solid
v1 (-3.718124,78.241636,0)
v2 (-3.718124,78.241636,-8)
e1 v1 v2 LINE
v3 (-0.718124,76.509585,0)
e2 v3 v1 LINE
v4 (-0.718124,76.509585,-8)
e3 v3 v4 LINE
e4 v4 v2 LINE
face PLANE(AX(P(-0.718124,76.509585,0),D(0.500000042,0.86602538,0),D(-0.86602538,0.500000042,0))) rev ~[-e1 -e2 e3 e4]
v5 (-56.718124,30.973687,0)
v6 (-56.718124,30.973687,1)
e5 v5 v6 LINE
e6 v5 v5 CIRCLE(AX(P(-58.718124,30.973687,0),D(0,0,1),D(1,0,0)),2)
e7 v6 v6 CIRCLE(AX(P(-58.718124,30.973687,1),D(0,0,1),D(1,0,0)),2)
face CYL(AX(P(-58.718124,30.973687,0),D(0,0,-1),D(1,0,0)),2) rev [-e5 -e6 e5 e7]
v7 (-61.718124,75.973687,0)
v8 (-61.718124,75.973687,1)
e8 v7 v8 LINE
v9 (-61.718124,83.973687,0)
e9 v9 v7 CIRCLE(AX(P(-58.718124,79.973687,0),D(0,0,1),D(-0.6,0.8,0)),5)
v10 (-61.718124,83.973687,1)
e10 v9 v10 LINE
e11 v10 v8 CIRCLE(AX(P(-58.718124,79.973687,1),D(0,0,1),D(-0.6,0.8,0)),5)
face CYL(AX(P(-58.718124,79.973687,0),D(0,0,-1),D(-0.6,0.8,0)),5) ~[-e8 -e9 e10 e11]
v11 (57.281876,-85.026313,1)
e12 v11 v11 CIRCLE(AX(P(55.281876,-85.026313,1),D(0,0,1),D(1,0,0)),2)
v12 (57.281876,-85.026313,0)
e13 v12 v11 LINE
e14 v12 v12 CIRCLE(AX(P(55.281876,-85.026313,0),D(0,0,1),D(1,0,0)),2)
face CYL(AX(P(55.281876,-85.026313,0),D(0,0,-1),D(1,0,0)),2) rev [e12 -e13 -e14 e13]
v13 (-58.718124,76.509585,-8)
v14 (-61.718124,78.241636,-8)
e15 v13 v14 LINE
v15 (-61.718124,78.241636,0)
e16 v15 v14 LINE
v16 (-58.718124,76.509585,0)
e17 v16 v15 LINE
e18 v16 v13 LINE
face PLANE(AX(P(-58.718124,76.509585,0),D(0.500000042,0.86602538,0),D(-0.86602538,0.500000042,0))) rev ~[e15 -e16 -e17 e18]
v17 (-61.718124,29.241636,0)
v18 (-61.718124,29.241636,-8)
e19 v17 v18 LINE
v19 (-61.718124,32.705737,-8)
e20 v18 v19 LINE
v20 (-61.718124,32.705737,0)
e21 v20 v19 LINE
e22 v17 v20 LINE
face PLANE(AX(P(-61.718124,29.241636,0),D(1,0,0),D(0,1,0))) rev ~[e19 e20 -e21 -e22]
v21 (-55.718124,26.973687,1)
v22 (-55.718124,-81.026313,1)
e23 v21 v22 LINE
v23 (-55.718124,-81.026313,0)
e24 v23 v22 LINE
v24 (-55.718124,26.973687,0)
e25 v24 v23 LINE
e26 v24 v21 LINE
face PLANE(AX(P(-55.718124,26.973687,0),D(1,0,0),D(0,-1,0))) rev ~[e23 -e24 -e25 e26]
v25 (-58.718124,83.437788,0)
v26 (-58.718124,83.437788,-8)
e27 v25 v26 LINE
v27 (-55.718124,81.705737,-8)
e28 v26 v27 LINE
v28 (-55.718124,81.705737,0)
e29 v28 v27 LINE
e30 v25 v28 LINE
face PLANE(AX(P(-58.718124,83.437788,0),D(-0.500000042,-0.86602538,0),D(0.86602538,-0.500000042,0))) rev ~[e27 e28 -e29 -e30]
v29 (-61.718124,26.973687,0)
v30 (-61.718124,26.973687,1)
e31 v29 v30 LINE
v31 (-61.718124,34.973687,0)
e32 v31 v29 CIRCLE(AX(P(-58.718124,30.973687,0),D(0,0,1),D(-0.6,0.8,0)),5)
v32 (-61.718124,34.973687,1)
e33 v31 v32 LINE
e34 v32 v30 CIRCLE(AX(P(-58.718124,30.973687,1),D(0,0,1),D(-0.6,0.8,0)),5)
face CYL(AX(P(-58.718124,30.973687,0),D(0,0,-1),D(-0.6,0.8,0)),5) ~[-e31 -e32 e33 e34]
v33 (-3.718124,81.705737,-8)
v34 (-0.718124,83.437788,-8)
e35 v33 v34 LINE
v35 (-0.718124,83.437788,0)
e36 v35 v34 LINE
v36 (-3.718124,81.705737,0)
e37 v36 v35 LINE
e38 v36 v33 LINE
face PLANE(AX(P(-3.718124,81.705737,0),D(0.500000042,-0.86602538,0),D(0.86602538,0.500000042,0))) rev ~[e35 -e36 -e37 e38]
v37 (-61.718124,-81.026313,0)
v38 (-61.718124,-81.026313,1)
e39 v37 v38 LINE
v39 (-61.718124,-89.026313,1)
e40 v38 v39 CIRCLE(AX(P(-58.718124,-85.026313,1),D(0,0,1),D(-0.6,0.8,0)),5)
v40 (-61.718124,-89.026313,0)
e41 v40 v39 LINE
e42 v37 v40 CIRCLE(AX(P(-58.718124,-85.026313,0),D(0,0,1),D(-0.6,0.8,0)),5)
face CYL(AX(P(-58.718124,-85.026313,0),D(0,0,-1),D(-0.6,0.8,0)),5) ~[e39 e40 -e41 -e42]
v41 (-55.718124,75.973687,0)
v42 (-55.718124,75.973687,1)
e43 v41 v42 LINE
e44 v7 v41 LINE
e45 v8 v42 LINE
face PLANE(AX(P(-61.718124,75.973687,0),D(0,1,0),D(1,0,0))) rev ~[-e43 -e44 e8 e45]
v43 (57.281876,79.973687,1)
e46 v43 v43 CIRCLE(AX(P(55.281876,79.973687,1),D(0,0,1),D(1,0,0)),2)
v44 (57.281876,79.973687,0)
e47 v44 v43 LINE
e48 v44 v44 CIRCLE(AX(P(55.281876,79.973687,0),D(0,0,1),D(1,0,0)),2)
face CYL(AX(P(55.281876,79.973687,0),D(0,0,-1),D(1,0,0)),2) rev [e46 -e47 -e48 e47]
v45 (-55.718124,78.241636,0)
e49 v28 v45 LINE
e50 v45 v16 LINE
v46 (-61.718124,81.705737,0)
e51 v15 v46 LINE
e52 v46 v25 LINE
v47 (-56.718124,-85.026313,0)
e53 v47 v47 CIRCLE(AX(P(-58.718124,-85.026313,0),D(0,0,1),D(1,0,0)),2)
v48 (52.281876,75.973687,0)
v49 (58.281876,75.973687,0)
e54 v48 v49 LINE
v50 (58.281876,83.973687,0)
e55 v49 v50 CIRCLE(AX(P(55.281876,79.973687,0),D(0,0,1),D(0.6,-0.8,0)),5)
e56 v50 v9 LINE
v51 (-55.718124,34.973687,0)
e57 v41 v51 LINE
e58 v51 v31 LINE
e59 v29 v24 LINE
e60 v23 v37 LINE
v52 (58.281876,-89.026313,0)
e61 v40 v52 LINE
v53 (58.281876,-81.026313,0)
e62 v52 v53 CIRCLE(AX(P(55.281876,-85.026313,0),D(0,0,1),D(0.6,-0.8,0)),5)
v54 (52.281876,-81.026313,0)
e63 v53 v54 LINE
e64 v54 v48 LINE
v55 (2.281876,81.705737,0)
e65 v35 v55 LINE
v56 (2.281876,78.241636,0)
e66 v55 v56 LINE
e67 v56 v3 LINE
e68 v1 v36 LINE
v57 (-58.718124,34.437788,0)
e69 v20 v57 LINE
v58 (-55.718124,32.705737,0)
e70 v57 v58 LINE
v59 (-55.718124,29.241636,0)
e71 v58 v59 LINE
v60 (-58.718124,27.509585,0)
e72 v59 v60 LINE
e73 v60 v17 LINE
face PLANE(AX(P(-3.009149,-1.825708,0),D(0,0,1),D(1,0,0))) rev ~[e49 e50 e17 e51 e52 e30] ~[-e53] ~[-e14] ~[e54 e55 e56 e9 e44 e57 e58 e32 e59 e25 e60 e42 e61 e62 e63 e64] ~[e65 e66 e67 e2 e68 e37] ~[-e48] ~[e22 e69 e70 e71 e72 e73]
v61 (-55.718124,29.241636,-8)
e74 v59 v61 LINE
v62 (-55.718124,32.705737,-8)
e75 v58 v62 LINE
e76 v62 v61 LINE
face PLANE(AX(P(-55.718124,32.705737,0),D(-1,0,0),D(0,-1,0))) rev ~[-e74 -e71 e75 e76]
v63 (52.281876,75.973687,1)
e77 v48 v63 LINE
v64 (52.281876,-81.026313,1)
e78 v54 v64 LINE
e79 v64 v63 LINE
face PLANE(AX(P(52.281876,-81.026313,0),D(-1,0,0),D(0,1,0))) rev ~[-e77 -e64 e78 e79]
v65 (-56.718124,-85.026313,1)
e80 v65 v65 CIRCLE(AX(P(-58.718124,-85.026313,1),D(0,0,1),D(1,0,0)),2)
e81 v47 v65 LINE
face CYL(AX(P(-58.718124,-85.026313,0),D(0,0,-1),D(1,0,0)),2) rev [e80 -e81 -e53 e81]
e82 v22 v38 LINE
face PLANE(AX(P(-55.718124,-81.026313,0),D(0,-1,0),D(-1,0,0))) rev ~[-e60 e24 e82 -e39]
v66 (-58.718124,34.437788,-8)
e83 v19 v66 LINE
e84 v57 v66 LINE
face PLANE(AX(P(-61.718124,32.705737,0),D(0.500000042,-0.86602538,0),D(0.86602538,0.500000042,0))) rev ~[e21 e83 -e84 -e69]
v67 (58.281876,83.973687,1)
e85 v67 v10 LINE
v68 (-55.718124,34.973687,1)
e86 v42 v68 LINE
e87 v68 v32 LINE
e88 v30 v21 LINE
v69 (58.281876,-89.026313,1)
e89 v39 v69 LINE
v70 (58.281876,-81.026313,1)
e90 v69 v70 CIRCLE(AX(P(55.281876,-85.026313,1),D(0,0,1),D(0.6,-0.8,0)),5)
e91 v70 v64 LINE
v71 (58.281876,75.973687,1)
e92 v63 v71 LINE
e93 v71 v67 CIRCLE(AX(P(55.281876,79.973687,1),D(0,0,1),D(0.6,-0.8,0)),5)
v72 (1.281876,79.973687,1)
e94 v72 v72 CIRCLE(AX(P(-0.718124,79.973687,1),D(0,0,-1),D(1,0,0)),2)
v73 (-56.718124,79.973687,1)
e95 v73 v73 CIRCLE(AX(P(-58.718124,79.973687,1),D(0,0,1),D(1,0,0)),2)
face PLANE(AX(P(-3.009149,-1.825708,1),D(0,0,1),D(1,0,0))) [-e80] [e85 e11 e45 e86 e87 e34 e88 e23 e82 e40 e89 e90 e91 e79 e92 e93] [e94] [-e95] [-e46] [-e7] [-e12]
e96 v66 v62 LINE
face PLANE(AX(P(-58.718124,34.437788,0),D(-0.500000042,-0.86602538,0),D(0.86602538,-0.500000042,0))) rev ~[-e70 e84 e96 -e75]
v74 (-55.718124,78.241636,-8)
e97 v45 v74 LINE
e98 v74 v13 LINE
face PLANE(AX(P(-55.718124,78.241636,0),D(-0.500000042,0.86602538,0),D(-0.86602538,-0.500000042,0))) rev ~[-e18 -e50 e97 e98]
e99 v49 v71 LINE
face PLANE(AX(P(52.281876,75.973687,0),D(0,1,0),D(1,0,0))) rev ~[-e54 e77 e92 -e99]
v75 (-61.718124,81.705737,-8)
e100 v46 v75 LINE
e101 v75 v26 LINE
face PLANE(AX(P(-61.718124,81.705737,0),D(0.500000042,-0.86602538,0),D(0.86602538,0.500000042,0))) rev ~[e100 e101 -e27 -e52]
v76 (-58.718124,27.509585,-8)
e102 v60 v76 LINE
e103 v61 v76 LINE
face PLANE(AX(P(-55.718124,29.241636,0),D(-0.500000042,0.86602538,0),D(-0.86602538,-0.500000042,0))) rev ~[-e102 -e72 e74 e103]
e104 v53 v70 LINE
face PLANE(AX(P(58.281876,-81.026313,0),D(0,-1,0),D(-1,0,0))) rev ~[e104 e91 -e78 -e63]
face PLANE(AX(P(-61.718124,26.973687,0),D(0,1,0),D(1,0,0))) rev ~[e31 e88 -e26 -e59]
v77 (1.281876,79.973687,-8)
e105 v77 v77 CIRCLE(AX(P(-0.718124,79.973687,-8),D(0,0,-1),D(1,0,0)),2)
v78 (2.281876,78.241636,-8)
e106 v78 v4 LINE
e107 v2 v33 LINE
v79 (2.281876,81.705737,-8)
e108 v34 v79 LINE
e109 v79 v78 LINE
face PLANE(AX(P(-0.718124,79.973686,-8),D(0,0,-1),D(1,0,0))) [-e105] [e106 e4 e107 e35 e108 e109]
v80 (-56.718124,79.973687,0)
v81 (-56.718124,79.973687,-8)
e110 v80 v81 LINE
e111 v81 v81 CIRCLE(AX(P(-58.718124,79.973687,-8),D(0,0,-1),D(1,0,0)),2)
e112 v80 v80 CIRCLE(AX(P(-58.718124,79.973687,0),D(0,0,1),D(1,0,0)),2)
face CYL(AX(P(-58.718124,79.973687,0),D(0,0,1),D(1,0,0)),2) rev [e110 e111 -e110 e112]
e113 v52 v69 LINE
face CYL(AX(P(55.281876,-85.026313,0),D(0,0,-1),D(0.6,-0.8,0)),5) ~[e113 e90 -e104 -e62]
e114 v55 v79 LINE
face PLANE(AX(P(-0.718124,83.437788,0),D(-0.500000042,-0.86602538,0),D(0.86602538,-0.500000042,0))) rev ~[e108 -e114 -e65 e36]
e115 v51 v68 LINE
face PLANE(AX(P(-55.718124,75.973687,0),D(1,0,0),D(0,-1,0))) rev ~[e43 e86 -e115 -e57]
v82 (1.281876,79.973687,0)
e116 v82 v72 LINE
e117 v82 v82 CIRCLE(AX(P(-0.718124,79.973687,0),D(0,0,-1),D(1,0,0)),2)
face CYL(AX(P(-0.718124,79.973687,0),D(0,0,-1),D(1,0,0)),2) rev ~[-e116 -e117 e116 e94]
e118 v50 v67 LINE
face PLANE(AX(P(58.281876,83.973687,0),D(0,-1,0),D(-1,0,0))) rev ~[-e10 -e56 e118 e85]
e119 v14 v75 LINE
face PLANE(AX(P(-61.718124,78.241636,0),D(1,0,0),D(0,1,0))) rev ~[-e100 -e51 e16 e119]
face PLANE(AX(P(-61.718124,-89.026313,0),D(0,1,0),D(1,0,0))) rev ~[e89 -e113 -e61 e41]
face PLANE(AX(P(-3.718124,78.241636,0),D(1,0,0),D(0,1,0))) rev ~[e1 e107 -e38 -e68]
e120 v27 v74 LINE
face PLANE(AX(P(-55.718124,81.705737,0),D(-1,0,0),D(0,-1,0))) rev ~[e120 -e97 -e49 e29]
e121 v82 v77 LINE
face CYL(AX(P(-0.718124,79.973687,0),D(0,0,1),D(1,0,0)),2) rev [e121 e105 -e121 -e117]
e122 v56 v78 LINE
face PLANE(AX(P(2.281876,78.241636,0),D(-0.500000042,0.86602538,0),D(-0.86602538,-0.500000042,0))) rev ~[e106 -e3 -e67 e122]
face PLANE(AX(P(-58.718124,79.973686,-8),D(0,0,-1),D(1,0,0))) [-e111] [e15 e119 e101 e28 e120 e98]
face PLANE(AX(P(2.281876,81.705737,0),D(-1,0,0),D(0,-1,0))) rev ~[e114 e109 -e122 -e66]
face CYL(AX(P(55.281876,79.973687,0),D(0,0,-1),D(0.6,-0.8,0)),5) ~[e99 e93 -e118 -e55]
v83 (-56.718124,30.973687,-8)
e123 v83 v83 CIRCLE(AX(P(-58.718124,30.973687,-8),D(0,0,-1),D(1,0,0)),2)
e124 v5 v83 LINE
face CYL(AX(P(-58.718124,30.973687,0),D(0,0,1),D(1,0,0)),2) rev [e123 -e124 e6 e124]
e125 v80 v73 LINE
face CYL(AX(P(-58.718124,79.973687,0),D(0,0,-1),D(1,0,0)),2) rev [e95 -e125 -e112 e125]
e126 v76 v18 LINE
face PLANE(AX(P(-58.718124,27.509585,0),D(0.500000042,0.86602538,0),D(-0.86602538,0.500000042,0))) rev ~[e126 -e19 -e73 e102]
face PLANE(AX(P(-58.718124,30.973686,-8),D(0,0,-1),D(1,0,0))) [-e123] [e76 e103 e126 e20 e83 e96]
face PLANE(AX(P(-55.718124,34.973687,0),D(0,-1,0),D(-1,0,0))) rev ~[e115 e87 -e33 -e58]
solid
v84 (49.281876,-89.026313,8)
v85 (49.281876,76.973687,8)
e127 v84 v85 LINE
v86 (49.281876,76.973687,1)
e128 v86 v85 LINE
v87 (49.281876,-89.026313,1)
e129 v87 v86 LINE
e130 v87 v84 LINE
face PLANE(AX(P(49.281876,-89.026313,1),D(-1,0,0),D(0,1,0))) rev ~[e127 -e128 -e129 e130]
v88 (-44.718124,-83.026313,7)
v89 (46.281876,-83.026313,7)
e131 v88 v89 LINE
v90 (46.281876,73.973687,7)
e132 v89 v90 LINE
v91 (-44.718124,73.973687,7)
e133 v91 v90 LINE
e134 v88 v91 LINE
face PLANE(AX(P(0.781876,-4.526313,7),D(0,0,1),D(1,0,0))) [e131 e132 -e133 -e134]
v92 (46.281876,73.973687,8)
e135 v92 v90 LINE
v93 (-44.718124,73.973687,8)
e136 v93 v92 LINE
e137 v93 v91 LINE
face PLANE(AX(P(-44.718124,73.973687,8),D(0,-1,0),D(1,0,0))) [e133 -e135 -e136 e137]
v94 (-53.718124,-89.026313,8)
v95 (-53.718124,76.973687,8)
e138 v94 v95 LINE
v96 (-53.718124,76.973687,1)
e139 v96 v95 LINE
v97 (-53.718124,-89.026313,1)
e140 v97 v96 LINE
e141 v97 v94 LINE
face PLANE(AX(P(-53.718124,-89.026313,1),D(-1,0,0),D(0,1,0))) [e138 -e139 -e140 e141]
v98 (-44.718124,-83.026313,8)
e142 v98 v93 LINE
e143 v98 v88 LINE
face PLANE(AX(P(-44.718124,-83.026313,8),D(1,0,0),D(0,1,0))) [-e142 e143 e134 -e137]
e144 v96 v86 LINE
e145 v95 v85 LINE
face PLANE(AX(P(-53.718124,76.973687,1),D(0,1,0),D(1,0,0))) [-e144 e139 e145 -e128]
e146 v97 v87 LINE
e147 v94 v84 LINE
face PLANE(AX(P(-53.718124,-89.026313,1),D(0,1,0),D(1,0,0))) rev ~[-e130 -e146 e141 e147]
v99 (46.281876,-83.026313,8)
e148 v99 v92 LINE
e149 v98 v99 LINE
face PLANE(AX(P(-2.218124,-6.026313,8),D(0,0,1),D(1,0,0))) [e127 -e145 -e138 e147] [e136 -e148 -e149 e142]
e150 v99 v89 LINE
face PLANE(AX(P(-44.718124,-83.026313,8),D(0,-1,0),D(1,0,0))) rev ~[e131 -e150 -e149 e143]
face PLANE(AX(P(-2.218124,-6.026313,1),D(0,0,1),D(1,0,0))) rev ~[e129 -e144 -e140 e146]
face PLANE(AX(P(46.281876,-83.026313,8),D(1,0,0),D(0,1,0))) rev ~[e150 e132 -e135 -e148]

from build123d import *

# Parameters (mm, degrees)
F0_R     = 2
F1_DEPTH = 1
F2_W     = 103
F2_H     = 166
F3_DEPTH = 7
F4_W     = 91
F4_H     = 157
F5_DEPTH = 1
F6_R     = 2
F7_DEPTH = 8.001
F8_R     = 2
F9_DEPTH = 8


with BuildPart() as f1:
    # F0 (on Top) → F1 (new body)
    with BuildSketch(Plane.XY):
        with BuildLine():
            Line((58.281876, 83.973687), (-61.718124, 83.973687))
            ThreePointArc((-61.718124, 83.973687), (-63.718124, 79.973687), (-61.718124, 75.973687))
            Line((-61.718124, 75.973687), (-55.718124, 75.973687))
            Line((-55.718124, 75.973687), (-55.718124, 34.973687))
            Line((-55.718124, 34.973687), (-61.718124, 34.973687))
            ThreePointArc((-61.718124, 34.973687), (-63.718124, 30.973687), (-61.718124, 26.973687))
            Line((-61.718124, 26.973687), (-55.718124, 26.973687))
            Line((-55.718124, 26.973687), (-55.718124, -81.026313))
            Line((-55.718124, -81.026313), (-61.718124, -81.026313))
            ThreePointArc((-61.718124, -81.026313), (-63.718124, -85.026313), (-61.718124, -89.026313))
            Line((-61.718124, -89.026313), (58.281876, -89.026313))
            ThreePointArc((58.281876, -89.026313), (60.281876, -85.026313), (58.281876, -81.026313))
            Line((58.281876, -81.026313), (52.281876, -81.026313))
            Line((52.281876, -81.026313), (52.281876, 75.973687))
            Line((52.281876, 75.973687), (58.281876, 75.973687))
            ThreePointArc((58.281876, 75.973687), (60.281876, 79.973687), (58.281876, 83.973687))
        make_face()
        with Locations((-58.718124, -85.026313)):
            Circle(F0_R, mode=Mode.SUBTRACT)
        with Locations((55.281876, -85.026313)):
            Circle(F0_R, mode=Mode.SUBTRACT)
        with Locations((-58.718124, 30.973687)):
            Circle(F0_R, mode=Mode.SUBTRACT)
        with Locations((-58.718124, 79.973687)):
            Circle(F0_R, mode=Mode.SUBTRACT)
        with Locations((55.281876, 79.973687)):
            Circle(F0_R, mode=Mode.SUBTRACT)
    extrude(amount=F1_DEPTH)

    # F6 (on face) → F7 (cut, through all)
    with BuildSketch(Plane(origin=(0, 0, 0), x_dir=(1, 0, 0), z_dir=(0, 0, -1))):
        with Locations((-0.718124, -79.973687)):
            Circle(F6_R)
    extrude(amount=-F7_DEPTH, mode=Mode.SUBTRACT)

    # F8 (on face) → F9 (join)
    with BuildSketch(Plane(origin=(0, 0, 0), x_dir=(1, 0, 0), z_dir=(0, 0, -1))):
        Polygon((-3.718124, -78.241636), (-3.718124, -81.705737), (-0.718124, -83.437788), (2.281876, -81.705737), (2.281876, -78.241636), (-0.718124, -76.509585), align=None)
        with Locations((-0.718124, -79.973687)):
            Circle(F8_R, mode=Mode.SUBTRACT)
        Polygon((-61.718124, -78.241636), (-61.718124, -81.705737), (-58.718124, -83.437788), (-55.718124, -81.705737), (-55.718124, -78.241636), (-58.718124, -76.509585), align=None)
        with Locations((-58.718124, -79.973687)):
            Circle(F8_R, mode=Mode.SUBTRACT)
        Polygon((-61.718124, -29.241636), (-61.718124, -32.705737), (-58.718124, -34.437788), (-55.718124, -32.705737), (-55.718124, -29.241636), (-58.718124, -27.509585), align=None)
        with Locations((-58.718124, -30.973687)):
            Circle(F8_R, mode=Mode.SUBTRACT)
    extrude(amount=F9_DEPTH)


with BuildPart() as f3:
    # F2 (on face) → F3 (new body)
    with BuildSketch(Plane.XY.offset(1)):
        with Locations((-2.218124, -6.026313)):
            Rectangle(F2_W, F2_H)
    extrude(amount=F3_DEPTH)

    # F4 (on face) → F5 (cut)
    with BuildSketch(Plane.XY.offset(8)):
        with Locations((0.781876, -4.526313)):
            Rectangle(F4_W, F4_H)
    extrude(amount=-F5_DEPTH, mode=Mode.SUBTRACT)


solid = Compound([f1.part, f3.part])
